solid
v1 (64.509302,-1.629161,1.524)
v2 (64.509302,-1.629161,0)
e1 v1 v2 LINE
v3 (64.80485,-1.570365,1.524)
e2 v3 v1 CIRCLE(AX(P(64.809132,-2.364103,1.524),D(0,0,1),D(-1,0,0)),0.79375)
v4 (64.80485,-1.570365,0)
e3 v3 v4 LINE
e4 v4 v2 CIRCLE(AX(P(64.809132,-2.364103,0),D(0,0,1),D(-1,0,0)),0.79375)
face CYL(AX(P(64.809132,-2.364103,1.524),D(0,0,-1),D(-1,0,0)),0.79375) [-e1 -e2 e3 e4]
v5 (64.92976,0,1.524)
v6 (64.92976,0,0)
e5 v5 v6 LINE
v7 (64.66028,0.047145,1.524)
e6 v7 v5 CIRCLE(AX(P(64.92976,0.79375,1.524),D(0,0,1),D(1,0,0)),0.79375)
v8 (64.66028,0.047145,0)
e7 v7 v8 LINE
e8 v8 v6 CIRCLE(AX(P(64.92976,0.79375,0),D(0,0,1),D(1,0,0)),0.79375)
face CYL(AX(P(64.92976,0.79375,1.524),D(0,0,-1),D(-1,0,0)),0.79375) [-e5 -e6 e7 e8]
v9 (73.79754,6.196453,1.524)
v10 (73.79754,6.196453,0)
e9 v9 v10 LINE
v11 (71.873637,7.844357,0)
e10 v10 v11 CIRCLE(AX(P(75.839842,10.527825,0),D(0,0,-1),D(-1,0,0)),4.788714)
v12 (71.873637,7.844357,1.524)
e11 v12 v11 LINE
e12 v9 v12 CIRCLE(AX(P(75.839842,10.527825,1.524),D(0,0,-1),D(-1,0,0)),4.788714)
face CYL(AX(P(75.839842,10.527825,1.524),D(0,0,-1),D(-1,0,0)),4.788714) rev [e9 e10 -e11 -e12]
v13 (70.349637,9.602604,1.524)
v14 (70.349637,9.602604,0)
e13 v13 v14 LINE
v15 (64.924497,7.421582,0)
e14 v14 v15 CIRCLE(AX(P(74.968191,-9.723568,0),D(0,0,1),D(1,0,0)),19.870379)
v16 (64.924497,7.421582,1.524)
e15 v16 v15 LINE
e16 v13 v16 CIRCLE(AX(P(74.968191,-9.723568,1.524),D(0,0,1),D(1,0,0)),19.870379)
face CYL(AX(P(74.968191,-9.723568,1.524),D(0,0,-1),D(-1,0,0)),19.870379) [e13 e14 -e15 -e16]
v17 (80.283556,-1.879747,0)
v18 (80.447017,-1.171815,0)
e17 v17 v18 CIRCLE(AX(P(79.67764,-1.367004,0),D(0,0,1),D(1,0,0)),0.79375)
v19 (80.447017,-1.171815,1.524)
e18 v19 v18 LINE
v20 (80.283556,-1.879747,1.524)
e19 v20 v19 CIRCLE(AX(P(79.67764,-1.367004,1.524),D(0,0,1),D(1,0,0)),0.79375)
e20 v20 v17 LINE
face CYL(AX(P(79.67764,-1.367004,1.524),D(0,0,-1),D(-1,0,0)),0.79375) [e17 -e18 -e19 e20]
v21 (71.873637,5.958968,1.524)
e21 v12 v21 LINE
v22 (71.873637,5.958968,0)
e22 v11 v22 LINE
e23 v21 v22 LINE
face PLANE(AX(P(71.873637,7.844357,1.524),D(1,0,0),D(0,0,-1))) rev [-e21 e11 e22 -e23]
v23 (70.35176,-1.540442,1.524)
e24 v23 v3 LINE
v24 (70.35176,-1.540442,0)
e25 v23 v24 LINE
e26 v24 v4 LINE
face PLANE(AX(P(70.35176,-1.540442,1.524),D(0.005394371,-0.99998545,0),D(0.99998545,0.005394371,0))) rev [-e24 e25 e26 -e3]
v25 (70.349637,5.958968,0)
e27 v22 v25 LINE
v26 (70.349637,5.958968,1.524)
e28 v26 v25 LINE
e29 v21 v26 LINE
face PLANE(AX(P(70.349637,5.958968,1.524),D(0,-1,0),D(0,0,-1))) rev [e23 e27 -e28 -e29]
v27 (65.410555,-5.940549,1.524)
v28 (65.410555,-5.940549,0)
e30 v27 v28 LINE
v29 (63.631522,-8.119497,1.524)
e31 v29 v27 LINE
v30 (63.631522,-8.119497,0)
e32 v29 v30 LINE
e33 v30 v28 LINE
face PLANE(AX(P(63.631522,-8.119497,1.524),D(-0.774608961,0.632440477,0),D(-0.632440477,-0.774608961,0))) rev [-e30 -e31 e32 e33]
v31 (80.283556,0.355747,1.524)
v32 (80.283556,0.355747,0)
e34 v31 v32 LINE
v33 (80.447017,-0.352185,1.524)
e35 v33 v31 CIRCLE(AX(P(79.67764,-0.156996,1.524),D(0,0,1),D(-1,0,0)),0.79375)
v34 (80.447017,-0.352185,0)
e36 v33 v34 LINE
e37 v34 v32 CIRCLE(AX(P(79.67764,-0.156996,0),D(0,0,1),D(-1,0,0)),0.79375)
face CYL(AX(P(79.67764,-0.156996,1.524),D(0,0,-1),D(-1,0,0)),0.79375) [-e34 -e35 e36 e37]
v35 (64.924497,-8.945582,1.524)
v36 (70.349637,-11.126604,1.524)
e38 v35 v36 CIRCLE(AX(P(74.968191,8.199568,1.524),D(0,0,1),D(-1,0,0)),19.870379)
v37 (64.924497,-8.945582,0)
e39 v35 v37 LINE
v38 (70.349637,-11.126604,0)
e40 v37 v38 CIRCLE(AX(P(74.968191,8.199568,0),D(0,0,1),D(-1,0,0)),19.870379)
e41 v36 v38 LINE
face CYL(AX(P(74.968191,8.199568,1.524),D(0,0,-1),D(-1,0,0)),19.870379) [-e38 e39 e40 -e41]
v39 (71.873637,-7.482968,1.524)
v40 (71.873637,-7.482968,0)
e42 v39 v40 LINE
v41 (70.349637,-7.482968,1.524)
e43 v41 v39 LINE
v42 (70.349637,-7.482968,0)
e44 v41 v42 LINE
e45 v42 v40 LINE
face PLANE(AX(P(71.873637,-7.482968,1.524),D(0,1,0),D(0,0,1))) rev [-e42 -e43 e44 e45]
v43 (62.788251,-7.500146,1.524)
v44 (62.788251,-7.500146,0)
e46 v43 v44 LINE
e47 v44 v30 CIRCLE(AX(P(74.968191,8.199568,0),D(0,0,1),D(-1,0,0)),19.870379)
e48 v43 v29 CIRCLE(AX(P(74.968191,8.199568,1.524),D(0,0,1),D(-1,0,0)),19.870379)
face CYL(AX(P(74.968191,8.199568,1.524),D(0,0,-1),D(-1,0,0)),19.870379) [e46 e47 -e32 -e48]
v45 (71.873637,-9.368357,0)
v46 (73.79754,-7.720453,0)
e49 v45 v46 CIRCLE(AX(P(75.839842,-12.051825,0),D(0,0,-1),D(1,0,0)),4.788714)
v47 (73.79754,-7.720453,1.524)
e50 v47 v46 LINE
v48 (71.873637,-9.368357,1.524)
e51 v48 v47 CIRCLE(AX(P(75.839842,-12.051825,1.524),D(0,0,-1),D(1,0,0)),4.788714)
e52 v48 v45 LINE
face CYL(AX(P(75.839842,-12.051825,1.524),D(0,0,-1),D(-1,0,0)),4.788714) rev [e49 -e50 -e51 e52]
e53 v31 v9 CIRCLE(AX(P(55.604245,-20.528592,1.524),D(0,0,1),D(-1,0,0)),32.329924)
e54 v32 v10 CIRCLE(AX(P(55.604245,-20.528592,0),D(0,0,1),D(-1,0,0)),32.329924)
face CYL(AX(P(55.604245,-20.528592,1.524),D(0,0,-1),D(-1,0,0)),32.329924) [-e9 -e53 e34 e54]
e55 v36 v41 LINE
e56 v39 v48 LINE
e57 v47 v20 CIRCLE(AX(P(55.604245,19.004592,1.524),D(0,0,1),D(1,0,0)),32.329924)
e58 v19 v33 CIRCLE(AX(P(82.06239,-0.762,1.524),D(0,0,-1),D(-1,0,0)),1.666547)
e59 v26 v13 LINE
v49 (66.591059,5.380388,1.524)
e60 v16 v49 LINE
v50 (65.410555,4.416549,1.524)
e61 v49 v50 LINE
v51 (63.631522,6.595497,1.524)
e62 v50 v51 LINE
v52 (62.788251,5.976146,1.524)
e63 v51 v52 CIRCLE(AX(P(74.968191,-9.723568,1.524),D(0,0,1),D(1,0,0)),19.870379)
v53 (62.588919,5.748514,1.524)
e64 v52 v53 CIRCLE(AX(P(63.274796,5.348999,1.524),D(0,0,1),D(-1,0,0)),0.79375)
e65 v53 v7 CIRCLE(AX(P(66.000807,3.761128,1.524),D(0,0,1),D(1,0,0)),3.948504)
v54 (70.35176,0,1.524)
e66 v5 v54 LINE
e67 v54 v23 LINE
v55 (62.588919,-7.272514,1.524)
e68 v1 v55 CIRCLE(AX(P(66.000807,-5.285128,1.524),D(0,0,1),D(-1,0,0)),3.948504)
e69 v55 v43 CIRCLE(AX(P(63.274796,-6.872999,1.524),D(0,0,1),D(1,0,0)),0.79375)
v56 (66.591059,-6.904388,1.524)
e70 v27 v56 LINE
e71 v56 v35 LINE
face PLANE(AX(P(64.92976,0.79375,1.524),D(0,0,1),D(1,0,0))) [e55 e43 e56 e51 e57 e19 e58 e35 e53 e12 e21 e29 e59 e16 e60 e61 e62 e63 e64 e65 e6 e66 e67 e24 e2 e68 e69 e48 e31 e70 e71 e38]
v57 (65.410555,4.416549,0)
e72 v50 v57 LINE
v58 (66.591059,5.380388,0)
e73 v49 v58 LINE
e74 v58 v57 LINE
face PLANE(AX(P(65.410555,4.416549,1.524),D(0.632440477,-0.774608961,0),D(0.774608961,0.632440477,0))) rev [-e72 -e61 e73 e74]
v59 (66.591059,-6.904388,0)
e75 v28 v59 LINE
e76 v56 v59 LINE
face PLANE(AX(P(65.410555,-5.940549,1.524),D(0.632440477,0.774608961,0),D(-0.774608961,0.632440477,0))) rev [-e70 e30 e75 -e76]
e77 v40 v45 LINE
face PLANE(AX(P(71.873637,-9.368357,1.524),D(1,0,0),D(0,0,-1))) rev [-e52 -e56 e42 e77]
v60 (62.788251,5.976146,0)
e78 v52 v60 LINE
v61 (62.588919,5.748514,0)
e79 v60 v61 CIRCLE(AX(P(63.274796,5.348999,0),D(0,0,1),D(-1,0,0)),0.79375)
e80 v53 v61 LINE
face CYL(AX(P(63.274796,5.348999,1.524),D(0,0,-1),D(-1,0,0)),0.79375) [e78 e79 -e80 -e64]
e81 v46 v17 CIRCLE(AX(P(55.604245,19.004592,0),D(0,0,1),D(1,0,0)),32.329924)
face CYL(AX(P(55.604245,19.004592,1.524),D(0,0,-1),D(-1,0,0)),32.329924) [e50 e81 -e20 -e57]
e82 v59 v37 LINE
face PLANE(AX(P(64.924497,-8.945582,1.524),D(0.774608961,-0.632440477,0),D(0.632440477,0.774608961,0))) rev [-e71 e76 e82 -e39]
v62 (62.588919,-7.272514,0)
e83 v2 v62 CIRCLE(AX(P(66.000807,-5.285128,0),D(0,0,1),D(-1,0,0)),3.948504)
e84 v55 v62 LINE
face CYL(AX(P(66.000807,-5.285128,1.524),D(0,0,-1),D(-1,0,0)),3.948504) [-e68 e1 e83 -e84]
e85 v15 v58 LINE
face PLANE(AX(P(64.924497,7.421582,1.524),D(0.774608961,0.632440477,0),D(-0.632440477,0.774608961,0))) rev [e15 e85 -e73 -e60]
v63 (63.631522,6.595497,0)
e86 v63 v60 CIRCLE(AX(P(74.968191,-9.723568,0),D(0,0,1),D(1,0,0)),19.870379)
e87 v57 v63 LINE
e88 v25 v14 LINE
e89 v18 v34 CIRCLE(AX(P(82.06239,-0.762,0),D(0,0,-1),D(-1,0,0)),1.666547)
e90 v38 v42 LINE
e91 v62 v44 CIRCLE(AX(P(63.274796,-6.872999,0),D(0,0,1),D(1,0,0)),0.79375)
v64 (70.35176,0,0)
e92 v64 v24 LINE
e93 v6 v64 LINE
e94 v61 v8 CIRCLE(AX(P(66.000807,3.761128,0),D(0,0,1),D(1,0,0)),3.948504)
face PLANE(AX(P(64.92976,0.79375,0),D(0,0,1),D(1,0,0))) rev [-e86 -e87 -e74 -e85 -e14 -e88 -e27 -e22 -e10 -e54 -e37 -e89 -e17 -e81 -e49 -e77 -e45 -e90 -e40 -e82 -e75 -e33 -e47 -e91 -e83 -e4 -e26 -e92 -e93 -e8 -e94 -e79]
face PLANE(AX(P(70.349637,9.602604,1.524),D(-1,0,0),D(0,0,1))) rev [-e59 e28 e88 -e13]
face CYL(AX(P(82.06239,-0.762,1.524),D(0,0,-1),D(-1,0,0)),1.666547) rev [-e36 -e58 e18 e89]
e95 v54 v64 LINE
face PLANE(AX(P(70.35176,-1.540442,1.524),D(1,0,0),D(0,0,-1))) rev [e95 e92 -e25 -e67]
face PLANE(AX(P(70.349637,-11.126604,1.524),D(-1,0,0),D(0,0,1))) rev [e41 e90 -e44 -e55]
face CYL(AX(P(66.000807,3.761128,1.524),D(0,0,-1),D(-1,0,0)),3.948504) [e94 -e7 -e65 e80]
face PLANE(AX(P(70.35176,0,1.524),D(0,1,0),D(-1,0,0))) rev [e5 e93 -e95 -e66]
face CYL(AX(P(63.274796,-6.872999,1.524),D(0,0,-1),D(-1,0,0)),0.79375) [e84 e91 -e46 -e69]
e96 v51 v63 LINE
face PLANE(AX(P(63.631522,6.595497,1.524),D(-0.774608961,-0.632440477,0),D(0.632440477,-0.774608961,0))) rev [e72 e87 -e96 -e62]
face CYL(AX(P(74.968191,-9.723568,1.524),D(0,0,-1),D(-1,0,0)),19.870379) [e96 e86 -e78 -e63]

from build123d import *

# Parameters (mm, degrees)
BOSS_EXTRUDE1_DEPTH = 1.524


with BuildPart() as part:
    # Sketch1 → Boss-Extrude1 (new body)
    with BuildSketch(Plane.XY):
        with BuildLine():
            Line((70.351759676, -1.540442282), (70.351759676, 0))
            Line((70.351759676, 0), (64.929759758, 0))
            ThreePointArc((64.929759758, 0), (64.792973258, 0.011875), (64.660279583, 0.047144684))
            ThreePointArc((64.660279583, 0.047144684), (62.28963908, 2.412826115), (62.588919113, 5.748514423))
            ThreePointArc((62.588919113, 5.748514423), (62.67763825, 5.871916038), (62.788250891, 5.976146011))
            ThreePointArc((62.788250891, 5.976146011), (63.205809067, 6.291372891), (63.63152168, 6.595497187))
            Line((63.63152168, 6.595497187), (65.410554861, 4.41654898))
            Line((65.410554861, 4.41654898), (66.591058918, 5.380388267))
            Line((66.591058918, 5.380388267), (64.92449722, 7.421582138))
            ThreePointArc((64.92449722, 7.421582138), (67.556403706, 8.712737588), (70.349637054, 9.602603653))
            Line((70.349637054, 9.602603653), (70.349637054, 5.958967549))
            Line((70.349637054, 5.958967549), (71.873637054, 5.958967549))
            Line((71.873637054, 5.958967549), (71.873637054, 7.844356511))
            ThreePointArc((71.873637054, 7.844356511), (72.72464753, 6.890883011), (73.797539642, 6.196452982))
            ThreePointArc((73.797539642, 6.196452982), (77.23855889, 3.495988283), (80.283555852, 0.355746802))
            ThreePointArc((80.283555852, 0.355746802), (80.451041219, 0.021581778), (80.447017019, -0.35218475))
            ThreePointArc((80.447017019, -0.35218475), (80.395843158, -0.762), (80.447017019, -1.17181525))
            ThreePointArc((80.447017019, -1.17181525), (80.451041219, -1.545581778), (80.283555852, -1.879746802))
            ThreePointArc((80.283555852, -1.879746802), (77.23855889, -5.019988283), (73.797539642, -7.720452982))
            ThreePointArc((73.797539642, -7.720452982), (72.72464753, -8.414883011), (71.873637054, -9.368356511))
            Line((71.873637054, -9.368356511), (71.873637054, -7.482967549))
            Line((71.873637054, -7.482967549), (70.349637054, -7.482967549))
            Line((70.349637054, -7.482967549), (70.349637054, -11.126603653))
            ThreePointArc((70.349637054, -11.126603653), (67.556403706, -10.236737588), (64.92449722, -8.945582138))
            Line((64.92449722, -8.945582138), (66.591058918, -6.904388267))
            Line((66.591058918, -6.904388267), (65.410554861, -5.94054898))
            Line((65.410554861, -5.94054898), (63.63152168, -8.119497187))
            ThreePointArc((63.63152168, -8.119497187), (63.205809068, -7.815372891), (62.788250891, -7.500146011))
            ThreePointArc((62.788250891, -7.500146011), (62.67763825, -7.395916038), (62.588919113, -7.272514424))
            ThreePointArc((62.588919113, -7.272514424), (62.262802552, -4.01311856), (64.509301597, -1.629160622))
            ThreePointArc((64.509301597, -1.629160622), (64.654260243, -1.585608721), (64.804850415, -1.570364804))
            Line((64.804850415, -1.570364804), (70.351759676, -1.540442282))
        make_face()
    extrude(amount=BOSS_EXTRUDE1_DEPTH)


solid = part.part
